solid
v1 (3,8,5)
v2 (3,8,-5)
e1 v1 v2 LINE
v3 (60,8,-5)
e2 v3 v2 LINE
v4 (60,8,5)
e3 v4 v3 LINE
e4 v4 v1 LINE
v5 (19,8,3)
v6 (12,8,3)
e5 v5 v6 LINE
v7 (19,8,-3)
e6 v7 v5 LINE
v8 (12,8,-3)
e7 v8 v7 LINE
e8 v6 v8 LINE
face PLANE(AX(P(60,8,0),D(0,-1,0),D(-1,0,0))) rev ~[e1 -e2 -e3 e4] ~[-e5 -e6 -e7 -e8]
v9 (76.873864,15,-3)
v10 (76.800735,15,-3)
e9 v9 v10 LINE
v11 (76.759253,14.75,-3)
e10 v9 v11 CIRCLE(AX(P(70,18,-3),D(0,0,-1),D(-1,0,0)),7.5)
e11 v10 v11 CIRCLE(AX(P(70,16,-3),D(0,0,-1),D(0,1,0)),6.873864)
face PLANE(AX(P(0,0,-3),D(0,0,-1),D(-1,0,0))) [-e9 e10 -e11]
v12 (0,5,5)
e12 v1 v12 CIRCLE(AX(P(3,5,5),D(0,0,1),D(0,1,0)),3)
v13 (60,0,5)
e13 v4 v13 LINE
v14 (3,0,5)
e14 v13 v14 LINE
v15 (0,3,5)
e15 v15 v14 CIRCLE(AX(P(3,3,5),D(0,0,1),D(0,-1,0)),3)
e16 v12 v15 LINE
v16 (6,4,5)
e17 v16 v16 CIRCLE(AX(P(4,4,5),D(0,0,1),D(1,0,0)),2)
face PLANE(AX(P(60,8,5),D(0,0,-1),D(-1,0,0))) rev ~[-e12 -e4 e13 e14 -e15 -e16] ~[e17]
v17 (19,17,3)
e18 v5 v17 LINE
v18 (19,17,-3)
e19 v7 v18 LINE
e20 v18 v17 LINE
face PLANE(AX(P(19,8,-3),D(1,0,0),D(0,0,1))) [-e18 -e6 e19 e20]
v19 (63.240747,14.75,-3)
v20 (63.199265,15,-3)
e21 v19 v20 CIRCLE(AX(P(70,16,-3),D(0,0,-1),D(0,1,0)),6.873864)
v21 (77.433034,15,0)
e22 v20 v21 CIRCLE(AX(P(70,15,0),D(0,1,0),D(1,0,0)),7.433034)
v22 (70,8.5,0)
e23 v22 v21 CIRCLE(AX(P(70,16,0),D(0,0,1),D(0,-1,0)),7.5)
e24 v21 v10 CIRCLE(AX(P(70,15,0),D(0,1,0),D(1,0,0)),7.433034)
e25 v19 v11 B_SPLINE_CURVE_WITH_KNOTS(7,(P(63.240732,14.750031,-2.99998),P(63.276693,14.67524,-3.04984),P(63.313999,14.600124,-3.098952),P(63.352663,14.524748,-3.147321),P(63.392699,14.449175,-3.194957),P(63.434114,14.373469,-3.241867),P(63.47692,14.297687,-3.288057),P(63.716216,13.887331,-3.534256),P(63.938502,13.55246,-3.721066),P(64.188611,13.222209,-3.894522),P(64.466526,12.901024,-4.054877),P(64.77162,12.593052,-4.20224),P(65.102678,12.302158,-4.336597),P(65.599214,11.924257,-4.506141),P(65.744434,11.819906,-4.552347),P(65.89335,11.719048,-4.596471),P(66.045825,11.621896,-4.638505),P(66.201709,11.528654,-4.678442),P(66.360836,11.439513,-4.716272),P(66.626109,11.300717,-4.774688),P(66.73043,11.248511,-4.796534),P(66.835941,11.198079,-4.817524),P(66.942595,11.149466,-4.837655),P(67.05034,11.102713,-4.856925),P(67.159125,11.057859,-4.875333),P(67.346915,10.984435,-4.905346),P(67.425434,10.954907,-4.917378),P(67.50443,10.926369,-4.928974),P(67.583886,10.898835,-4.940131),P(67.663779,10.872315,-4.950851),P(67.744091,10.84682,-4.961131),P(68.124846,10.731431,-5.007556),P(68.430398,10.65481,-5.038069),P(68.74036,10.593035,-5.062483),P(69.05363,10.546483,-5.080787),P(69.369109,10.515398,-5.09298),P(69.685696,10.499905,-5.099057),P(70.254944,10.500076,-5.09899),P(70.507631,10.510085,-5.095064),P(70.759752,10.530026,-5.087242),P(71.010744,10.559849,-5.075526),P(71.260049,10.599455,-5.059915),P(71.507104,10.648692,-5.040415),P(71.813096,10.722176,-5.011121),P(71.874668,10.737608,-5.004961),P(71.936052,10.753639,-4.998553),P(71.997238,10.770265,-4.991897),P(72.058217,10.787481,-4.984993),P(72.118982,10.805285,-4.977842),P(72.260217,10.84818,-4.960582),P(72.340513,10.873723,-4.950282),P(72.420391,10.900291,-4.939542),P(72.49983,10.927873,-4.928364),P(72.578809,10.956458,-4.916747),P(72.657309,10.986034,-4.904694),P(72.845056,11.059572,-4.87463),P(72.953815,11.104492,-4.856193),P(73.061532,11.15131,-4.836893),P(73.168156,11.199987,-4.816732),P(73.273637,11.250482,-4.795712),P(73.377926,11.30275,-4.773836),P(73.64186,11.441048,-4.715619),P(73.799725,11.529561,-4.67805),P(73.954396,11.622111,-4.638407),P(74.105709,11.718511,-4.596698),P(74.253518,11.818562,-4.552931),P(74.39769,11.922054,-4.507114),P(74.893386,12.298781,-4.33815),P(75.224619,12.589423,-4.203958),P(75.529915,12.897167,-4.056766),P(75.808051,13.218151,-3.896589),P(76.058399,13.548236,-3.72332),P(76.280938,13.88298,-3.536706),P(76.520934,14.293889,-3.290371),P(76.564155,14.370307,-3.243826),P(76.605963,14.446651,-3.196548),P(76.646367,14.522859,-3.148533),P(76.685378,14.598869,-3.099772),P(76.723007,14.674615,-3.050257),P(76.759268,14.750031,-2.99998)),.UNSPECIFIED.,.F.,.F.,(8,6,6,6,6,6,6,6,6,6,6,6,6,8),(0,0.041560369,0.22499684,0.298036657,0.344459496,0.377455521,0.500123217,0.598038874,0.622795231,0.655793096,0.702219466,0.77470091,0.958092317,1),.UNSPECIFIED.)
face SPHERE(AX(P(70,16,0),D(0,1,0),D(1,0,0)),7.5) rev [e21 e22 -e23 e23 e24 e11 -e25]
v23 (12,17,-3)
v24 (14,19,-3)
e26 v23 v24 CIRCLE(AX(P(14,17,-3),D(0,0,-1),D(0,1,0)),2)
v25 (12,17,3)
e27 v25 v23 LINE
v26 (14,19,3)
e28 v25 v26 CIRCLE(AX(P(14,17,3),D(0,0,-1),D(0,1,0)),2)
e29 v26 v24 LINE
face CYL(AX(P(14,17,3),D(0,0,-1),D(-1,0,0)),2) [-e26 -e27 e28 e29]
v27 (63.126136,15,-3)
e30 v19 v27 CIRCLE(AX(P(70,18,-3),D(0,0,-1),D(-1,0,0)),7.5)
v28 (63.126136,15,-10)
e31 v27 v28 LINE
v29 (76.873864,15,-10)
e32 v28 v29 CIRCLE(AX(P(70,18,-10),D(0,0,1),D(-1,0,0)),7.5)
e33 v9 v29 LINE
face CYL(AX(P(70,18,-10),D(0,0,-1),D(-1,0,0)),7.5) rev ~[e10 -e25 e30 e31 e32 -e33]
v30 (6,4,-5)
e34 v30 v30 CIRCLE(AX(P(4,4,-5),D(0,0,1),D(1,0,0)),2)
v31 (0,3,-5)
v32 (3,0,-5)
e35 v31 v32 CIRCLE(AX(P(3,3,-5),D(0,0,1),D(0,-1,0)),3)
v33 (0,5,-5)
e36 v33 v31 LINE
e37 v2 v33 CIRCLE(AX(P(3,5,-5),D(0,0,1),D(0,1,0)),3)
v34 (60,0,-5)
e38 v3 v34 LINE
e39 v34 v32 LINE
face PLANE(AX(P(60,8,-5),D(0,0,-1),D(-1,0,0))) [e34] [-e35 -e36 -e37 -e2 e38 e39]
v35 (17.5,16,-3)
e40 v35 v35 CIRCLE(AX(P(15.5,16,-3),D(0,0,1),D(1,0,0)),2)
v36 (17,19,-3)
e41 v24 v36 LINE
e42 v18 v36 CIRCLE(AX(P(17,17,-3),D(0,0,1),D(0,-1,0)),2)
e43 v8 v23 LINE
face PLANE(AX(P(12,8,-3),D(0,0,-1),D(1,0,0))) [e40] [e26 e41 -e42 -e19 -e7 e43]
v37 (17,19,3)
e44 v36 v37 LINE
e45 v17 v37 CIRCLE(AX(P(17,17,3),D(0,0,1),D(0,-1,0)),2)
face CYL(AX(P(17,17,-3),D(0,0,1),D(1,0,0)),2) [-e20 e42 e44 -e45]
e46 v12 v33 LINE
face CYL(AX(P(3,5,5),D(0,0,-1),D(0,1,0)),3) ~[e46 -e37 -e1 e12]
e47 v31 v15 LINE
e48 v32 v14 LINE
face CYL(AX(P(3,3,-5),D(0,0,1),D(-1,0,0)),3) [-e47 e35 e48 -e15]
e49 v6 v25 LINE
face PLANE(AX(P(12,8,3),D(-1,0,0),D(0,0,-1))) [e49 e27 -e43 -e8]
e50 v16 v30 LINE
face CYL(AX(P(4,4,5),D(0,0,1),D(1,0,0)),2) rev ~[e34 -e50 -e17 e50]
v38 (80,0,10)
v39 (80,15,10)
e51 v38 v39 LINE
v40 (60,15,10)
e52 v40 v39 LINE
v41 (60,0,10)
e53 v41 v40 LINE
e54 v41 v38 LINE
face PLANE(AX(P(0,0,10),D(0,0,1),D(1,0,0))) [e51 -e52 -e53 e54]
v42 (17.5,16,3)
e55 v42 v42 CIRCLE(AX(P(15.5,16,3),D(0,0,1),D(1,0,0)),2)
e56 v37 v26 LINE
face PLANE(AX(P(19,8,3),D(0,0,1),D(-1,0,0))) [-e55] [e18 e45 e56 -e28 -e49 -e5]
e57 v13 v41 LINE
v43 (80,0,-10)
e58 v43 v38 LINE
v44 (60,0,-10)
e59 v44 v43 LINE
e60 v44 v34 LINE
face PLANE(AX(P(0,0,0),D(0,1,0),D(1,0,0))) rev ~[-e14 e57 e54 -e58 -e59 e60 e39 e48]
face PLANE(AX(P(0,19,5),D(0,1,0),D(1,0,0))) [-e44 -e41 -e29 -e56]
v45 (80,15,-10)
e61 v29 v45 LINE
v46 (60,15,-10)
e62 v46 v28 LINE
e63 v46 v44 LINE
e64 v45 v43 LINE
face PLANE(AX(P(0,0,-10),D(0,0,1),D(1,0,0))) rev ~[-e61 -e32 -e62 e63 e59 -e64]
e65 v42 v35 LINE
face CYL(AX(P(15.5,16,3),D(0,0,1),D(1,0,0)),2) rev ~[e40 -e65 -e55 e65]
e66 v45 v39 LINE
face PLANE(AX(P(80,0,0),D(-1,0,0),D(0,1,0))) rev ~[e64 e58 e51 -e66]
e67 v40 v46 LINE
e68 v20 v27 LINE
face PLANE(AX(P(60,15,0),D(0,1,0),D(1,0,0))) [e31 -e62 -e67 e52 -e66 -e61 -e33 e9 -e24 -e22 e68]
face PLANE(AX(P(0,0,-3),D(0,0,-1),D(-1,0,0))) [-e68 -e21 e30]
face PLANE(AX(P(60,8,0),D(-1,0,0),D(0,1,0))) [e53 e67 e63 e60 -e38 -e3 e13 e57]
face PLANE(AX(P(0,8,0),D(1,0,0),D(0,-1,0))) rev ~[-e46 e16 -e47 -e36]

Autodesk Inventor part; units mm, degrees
ref_plane "YZ Plane" through (0, 0, 0) normal (1, 0, 0) x (0, 1, 0)
ref_plane "XZ Plane" through (0, 0, 0) normal (0, 1, 0) x (-1, 0, 0)
ref_plane "XY Plane" through (0, 0, 0) normal (0, 0, 1) x (1, 0, 0)
sketch "草圖1" plane through (0, 0, 0) normal (0, 0, 1) x (1, 0, 0)
  line L0 (0, 0) -> (80, 0)
  line L1 (80, 0) -> (80, 8)
  line L2 (60, 8) -> (0, 8)
  line L3 (0, 8) -> (0, 0)
  line L4 (80, 8) -> (60, 8)
  line L5 (60, 8) -> (60, 15)
  line L6 (60, 15) -> (80, 15)
  line L7 (80, 15) -> (80, 8)
  dimension "d0" = 80
  dimension "d1" = 20
  dimension "d2" = 15
  dimension "d3" = 8
extrude "擠出1" add sketch "草圖1" along normal mid plane 20
sketch "草圖2" plane through (0, 0, 0) normal (0, 0, 1) x (1, 0, 0)
  line L0 (70, 31.4394) -> (70, 8.5)
  line L1 (60, 15) -> (80, 15) projected
  line L2 (80, 0) -> (80, 15) projected
  arc A0 (70, 8.5) -> (77.5, 16) centre (70, 16) ccw
  line L3 (70, 16) -> (77.5, 16)
  point P0 (0, 0)
  dimension "d14" = 7.5
  dimension "d15" = 1
  dimension "d16" = 10
sketch "草圖3" plane through (0, 8, -10) normal (0, 1, 0) x (1, 0, 0)
  line L0 (60, 0) -> (60, -20) projected
  line L1 (0, 0) -> (60, 0)
  line L2 (60, 0) -> (60, -5)
  line L3 (60, -5) -> (0, -5)
  line L4 (0, -5) -> (0, 0)
  line L5 (0, -20) -> (60, -20)
  line L6 (60, -20) -> (60, -15)
  line L7 (60, -15) -> (0, -15)
  line L8 (0, -15) -> (0, -20)
  line L9 (60, -20) -> (0, -20) projected
  point P0 (0, -10)
  dimension "d10" = 5
  dimension "d11" = 5
extrude "擠出2" cut sketch "草圖3" against normal blind 20
revolve "迴轉2" cut sketch "草圖2" angle 360 about axis through (70, 31.4394, 0) along (0, -1, 0)
sketch "草圖4" plane through (0, 8, 5) normal (0, 1, 0) x (1, 0, 0)
  line L0 (12, 8) -> (19, 8)
  line L1 (19, 8) -> (19, 2)
  line L2 (19, 2) -> (12, 2)
  line L3 (12, 2) -> (12, 8)
  point P0 (0, 5)
  dimension "d34" = 3
  dimension "d35" = 6
  dimension "d36" = 7
  dimension "d37" = 12
extrude "擠出3" add sketch "草圖4" along normal blind 11
sketch "草圖7" plane through (12, 8, 3) normal (0, 0, 1) x (1, 0, 0)
  circle A0 centre (3.5, 8) radius 2
  line L0 (7, 0) -> (0, 0) projected
  line L1 (7, 0) -> (7, 11) projected
  line L2 (0, 11) -> (7, 11) projected
  line L3 (0, 0) -> (0, 11) projected
  point P0 (-12, -8)
  dimension "d38" = 3.5
  dimension "d39" = 4
  dimension "d40" = 3
extrude "擠出6" cut sketch "草圖7" against normal blind 10 contours A0
fillet "圓角3" radius 2 2 edges at (12, 19, 0) (19, 19, 0)
fillet "圓角2" radius 3 2 edges at (0, 8, 0) (0, 0, 0)
sketch "草圖6" plane through (60, 0, 5) normal (0, 0, 1) x (1, 0, 0)
  arc A0 (-57, 8) -> (-60, 5) centre (-57, 5) ccw projected
  arc A1 (-60, 3) -> (-57, 0) centre (-57, 3) ccw projected
  circle A2 centre (-56, 4) radius 2
  line L0 (-57, 8) -> (0, 8) projected
  line L1 (-60, 3) -> (-60, 5) projected
  point P0 (-60, 0)
  dimension "d29" = 4
  dimension "d30" = 4
  dimension "d31" = 4
extrude "擠出5" cut sketch "草圖6" against normal through all
sketch "草圖10" plane through (0, 0, -10) normal (0, 0, -1) x (-1, 0, 0)
  circle A0 centre (-70, 18) radius 7.5
  line L0 (-60, 15) -> (-80, 15) projected
  point P0 (0, 0)
  dimension "d52" = 15
  dimension "d53" = 3
extrude "擠出9" cut sketch "草圖10" against normal blind 7
properties part number "連趕2"
